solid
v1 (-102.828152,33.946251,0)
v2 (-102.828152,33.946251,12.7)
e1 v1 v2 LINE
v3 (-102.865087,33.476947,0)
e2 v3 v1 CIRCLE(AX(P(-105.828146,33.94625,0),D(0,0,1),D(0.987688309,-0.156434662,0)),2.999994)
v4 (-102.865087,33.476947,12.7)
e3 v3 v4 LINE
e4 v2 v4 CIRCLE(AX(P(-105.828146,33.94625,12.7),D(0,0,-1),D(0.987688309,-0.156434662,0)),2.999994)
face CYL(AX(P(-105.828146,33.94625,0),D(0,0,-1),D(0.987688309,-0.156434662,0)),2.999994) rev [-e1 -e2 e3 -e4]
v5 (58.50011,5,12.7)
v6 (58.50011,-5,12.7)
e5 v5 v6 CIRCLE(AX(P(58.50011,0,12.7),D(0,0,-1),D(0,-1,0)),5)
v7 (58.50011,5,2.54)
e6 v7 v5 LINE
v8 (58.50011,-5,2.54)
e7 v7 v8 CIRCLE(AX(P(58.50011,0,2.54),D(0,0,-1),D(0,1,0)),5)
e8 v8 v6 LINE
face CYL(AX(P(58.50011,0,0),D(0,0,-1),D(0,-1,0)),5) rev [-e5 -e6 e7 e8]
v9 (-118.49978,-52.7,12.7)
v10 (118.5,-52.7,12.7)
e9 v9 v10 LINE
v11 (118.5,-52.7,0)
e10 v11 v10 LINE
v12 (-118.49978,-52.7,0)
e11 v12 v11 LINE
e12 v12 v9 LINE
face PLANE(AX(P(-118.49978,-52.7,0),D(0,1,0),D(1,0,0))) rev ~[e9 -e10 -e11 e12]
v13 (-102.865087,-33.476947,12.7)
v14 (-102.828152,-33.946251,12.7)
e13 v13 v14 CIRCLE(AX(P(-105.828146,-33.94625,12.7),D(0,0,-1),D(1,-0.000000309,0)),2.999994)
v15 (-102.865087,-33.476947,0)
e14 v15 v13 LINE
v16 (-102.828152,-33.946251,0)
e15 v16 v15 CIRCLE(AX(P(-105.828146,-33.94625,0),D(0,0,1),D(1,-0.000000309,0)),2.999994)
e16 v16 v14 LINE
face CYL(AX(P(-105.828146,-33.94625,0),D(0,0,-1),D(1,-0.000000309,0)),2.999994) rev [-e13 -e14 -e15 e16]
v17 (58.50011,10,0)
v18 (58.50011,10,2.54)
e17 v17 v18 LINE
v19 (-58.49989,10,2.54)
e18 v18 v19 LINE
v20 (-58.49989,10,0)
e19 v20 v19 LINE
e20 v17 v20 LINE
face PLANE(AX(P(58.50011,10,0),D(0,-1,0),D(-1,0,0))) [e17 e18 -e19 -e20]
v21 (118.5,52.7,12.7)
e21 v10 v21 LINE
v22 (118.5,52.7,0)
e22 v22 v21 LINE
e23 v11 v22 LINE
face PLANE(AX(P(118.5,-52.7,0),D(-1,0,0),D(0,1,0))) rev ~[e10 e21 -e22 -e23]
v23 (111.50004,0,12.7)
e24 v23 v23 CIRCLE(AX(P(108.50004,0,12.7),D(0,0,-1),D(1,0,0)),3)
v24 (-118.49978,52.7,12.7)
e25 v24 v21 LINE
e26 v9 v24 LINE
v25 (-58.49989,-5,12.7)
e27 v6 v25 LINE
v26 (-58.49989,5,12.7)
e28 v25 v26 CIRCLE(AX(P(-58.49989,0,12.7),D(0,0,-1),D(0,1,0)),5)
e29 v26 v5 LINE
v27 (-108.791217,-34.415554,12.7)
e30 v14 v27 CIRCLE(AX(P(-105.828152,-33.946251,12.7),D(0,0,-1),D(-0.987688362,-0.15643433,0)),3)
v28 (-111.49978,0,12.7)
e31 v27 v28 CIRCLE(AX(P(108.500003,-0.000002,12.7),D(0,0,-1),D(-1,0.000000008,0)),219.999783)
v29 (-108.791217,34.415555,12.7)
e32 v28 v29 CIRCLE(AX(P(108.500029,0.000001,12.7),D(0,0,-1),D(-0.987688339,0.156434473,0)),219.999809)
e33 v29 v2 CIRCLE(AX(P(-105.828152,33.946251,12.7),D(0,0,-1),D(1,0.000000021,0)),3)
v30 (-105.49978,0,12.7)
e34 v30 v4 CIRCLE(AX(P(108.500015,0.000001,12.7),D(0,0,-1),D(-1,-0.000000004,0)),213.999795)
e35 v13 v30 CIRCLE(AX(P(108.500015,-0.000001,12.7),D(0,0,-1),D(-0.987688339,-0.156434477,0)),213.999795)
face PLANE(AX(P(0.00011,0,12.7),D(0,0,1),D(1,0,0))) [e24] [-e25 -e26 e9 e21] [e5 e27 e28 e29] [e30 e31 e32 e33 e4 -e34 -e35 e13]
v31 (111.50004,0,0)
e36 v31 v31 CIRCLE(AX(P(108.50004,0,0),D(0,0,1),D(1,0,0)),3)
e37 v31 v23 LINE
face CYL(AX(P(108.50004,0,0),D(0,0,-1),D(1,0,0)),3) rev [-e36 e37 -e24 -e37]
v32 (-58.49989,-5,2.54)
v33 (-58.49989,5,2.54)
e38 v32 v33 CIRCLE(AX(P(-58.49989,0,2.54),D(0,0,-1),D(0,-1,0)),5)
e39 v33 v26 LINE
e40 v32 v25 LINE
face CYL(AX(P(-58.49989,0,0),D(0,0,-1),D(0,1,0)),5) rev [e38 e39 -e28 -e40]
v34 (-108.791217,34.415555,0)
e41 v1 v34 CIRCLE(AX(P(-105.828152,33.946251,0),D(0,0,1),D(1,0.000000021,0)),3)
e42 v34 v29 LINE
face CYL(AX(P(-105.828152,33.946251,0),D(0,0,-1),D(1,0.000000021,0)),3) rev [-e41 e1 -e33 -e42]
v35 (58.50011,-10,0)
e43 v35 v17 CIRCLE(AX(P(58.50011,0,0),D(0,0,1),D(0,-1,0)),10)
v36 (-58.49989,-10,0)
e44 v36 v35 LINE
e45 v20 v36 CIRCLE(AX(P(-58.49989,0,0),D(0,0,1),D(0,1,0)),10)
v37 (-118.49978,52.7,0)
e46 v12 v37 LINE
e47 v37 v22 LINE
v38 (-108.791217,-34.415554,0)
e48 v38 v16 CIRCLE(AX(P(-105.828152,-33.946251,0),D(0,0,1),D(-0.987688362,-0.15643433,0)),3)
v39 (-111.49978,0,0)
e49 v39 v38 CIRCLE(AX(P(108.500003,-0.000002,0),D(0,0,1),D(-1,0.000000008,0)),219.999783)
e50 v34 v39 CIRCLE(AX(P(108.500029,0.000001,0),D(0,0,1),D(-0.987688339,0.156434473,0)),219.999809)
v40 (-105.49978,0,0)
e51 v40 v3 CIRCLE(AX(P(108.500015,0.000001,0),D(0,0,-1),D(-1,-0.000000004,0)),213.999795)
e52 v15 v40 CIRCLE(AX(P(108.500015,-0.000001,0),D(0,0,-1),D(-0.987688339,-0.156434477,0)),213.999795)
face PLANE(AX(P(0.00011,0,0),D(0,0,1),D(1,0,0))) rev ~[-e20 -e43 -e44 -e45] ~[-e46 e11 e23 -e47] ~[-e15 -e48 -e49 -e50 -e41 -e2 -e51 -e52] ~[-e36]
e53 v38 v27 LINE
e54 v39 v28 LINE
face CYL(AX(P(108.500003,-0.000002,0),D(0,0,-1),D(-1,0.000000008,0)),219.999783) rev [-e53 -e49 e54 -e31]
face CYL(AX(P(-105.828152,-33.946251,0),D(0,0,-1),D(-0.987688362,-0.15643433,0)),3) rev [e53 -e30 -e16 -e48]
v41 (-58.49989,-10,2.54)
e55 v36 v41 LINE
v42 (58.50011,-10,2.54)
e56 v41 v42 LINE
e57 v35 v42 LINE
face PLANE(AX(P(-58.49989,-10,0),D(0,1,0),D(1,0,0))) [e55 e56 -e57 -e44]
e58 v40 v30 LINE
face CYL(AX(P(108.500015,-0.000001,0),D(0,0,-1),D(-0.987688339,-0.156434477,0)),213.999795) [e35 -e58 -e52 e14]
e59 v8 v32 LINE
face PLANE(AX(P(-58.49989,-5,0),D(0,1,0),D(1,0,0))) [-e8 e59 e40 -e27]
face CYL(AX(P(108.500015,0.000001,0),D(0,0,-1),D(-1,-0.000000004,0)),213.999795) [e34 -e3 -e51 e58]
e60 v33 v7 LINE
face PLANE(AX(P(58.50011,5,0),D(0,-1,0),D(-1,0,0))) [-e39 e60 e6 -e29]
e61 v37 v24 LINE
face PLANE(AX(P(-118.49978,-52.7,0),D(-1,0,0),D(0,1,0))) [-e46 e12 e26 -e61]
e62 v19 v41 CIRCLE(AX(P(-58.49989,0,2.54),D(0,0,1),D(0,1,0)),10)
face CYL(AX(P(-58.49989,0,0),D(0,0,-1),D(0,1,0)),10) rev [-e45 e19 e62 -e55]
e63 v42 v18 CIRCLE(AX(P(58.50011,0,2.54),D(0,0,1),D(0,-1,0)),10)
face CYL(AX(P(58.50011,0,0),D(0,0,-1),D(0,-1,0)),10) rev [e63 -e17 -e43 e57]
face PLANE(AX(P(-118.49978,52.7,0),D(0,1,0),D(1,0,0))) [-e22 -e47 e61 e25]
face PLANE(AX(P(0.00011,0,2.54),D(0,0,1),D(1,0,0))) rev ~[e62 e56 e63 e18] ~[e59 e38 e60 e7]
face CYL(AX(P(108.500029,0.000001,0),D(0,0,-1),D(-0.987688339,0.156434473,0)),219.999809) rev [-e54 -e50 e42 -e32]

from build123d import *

# Parameters (mm, degrees)
F0_W     = 236.99978
F0_H     = 105.4
F1_DEPTH = 12.7
F2_R     = 3
F3_DEPTH = 12.701
F4_DEPTH = 2.54


with BuildPart() as f1:
    # F0 (on Top) → F1 (new body)
    with BuildSketch(Plane.XY):
        with Locations((0.00011, 0)):
            Rectangle(F0_W, F0_H)
    extrude(amount=F1_DEPTH)

    # F2 (on Top) → F3 (cut, through all)
    with BuildSketch(Plane.XY):
        with BuildLine():
            Line((0, 5), (-58.49989, 5))
            ThreePointArc((-58.49989, 5), (-63.49989, 0), (-58.49989, -5))
            Line((-58.49989, -5), (0, -5))
            Line((0, -5), (58.50011, -5))
            ThreePointArc((58.50011, -5), (63.50011, 0), (58.50011, 5))
            Line((58.50011, 5), (0, 5))
        make_face()
        with BuildLine():
            ThreePointArc((-108.791217, 34.415555), (-106.297456, 30.983186), (-102.865087, 33.476947))
            ThreePointArc((-102.865087, 33.476947), (-102.8374, 33.710873), (-102.828152, 33.946251))
            ThreePointArc((-102.828152, 33.946251), (-105.592775, 36.937003), (-108.791217, 34.415555))
        make_face()
        with BuildLine():
            ThreePointArc((-102.865087, -33.476947), (-104.84009, -16.790232), (-105.49978, 0))
            ThreePointArc((-105.49978, 0), (-104.84009, 16.790232), (-102.865087, 33.476947))
            ThreePointArc((-102.865087, 33.476947), (-106.297456, 30.983186), (-108.791217, 34.415555))
            ThreePointArc((-108.791217, 34.415555), (-110.821594, 17.260987), (-111.49978, 0))
            ThreePointArc((-111.49978, 0), (-110.821594, -17.260987), (-108.791217, -34.415554))
            ThreePointArc((-108.791217, -34.415554), (-106.297456, -30.983186), (-102.865087, -33.476947))
        make_face()
        with BuildLine():
            ThreePointArc((-102.828152, -33.946251), (-102.8374, -33.710873), (-102.865087, -33.476947))
            ThreePointArc((-102.865087, -33.476947), (-106.297456, -30.983186), (-108.791217, -34.415554))
            ThreePointArc((-108.791217, -34.415554), (-105.592775, -36.937003), (-102.828152, -33.946251))
        make_face()
        with Locations((108.50004, 0)):
            Circle(F2_R)
    extrude(amount=F3_DEPTH, mode=Mode.SUBTRACT)

    # F2 (on Top) → F4 (cut)
    with BuildSketch(Plane.XY):
        with BuildLine():
            Line((0, 10), (-58.49989, 10))
            ThreePointArc((-58.49989, 10), (-68.49989, 0), (-58.49989, -10))
            Line((-58.49989, -10), (0, -10))
            Line((0, -10), (58.50011, -10))
            ThreePointArc((58.50011, -10), (68.50011, 0), (58.50011, 10))
            Line((58.50011, 10), (0, 10))
        make_face()
        with BuildLine():
            ThreePointArc((-58.49989, -5), (-63.49989, 0), (-58.49989, 5))
            Line((-58.49989, 5), (0, 5))
            Line((0, 5), (58.50011, 5))
            ThreePointArc((58.50011, 5), (63.50011, 0), (58.50011, -5))
            Line((58.50011, -5), (0, -5))
            Line((0, -5), (-58.49989, -5))
        make_face(mode=Mode.SUBTRACT)
    extrude(amount=F4_DEPTH, mode=Mode.SUBTRACT)


solid = f1.part
